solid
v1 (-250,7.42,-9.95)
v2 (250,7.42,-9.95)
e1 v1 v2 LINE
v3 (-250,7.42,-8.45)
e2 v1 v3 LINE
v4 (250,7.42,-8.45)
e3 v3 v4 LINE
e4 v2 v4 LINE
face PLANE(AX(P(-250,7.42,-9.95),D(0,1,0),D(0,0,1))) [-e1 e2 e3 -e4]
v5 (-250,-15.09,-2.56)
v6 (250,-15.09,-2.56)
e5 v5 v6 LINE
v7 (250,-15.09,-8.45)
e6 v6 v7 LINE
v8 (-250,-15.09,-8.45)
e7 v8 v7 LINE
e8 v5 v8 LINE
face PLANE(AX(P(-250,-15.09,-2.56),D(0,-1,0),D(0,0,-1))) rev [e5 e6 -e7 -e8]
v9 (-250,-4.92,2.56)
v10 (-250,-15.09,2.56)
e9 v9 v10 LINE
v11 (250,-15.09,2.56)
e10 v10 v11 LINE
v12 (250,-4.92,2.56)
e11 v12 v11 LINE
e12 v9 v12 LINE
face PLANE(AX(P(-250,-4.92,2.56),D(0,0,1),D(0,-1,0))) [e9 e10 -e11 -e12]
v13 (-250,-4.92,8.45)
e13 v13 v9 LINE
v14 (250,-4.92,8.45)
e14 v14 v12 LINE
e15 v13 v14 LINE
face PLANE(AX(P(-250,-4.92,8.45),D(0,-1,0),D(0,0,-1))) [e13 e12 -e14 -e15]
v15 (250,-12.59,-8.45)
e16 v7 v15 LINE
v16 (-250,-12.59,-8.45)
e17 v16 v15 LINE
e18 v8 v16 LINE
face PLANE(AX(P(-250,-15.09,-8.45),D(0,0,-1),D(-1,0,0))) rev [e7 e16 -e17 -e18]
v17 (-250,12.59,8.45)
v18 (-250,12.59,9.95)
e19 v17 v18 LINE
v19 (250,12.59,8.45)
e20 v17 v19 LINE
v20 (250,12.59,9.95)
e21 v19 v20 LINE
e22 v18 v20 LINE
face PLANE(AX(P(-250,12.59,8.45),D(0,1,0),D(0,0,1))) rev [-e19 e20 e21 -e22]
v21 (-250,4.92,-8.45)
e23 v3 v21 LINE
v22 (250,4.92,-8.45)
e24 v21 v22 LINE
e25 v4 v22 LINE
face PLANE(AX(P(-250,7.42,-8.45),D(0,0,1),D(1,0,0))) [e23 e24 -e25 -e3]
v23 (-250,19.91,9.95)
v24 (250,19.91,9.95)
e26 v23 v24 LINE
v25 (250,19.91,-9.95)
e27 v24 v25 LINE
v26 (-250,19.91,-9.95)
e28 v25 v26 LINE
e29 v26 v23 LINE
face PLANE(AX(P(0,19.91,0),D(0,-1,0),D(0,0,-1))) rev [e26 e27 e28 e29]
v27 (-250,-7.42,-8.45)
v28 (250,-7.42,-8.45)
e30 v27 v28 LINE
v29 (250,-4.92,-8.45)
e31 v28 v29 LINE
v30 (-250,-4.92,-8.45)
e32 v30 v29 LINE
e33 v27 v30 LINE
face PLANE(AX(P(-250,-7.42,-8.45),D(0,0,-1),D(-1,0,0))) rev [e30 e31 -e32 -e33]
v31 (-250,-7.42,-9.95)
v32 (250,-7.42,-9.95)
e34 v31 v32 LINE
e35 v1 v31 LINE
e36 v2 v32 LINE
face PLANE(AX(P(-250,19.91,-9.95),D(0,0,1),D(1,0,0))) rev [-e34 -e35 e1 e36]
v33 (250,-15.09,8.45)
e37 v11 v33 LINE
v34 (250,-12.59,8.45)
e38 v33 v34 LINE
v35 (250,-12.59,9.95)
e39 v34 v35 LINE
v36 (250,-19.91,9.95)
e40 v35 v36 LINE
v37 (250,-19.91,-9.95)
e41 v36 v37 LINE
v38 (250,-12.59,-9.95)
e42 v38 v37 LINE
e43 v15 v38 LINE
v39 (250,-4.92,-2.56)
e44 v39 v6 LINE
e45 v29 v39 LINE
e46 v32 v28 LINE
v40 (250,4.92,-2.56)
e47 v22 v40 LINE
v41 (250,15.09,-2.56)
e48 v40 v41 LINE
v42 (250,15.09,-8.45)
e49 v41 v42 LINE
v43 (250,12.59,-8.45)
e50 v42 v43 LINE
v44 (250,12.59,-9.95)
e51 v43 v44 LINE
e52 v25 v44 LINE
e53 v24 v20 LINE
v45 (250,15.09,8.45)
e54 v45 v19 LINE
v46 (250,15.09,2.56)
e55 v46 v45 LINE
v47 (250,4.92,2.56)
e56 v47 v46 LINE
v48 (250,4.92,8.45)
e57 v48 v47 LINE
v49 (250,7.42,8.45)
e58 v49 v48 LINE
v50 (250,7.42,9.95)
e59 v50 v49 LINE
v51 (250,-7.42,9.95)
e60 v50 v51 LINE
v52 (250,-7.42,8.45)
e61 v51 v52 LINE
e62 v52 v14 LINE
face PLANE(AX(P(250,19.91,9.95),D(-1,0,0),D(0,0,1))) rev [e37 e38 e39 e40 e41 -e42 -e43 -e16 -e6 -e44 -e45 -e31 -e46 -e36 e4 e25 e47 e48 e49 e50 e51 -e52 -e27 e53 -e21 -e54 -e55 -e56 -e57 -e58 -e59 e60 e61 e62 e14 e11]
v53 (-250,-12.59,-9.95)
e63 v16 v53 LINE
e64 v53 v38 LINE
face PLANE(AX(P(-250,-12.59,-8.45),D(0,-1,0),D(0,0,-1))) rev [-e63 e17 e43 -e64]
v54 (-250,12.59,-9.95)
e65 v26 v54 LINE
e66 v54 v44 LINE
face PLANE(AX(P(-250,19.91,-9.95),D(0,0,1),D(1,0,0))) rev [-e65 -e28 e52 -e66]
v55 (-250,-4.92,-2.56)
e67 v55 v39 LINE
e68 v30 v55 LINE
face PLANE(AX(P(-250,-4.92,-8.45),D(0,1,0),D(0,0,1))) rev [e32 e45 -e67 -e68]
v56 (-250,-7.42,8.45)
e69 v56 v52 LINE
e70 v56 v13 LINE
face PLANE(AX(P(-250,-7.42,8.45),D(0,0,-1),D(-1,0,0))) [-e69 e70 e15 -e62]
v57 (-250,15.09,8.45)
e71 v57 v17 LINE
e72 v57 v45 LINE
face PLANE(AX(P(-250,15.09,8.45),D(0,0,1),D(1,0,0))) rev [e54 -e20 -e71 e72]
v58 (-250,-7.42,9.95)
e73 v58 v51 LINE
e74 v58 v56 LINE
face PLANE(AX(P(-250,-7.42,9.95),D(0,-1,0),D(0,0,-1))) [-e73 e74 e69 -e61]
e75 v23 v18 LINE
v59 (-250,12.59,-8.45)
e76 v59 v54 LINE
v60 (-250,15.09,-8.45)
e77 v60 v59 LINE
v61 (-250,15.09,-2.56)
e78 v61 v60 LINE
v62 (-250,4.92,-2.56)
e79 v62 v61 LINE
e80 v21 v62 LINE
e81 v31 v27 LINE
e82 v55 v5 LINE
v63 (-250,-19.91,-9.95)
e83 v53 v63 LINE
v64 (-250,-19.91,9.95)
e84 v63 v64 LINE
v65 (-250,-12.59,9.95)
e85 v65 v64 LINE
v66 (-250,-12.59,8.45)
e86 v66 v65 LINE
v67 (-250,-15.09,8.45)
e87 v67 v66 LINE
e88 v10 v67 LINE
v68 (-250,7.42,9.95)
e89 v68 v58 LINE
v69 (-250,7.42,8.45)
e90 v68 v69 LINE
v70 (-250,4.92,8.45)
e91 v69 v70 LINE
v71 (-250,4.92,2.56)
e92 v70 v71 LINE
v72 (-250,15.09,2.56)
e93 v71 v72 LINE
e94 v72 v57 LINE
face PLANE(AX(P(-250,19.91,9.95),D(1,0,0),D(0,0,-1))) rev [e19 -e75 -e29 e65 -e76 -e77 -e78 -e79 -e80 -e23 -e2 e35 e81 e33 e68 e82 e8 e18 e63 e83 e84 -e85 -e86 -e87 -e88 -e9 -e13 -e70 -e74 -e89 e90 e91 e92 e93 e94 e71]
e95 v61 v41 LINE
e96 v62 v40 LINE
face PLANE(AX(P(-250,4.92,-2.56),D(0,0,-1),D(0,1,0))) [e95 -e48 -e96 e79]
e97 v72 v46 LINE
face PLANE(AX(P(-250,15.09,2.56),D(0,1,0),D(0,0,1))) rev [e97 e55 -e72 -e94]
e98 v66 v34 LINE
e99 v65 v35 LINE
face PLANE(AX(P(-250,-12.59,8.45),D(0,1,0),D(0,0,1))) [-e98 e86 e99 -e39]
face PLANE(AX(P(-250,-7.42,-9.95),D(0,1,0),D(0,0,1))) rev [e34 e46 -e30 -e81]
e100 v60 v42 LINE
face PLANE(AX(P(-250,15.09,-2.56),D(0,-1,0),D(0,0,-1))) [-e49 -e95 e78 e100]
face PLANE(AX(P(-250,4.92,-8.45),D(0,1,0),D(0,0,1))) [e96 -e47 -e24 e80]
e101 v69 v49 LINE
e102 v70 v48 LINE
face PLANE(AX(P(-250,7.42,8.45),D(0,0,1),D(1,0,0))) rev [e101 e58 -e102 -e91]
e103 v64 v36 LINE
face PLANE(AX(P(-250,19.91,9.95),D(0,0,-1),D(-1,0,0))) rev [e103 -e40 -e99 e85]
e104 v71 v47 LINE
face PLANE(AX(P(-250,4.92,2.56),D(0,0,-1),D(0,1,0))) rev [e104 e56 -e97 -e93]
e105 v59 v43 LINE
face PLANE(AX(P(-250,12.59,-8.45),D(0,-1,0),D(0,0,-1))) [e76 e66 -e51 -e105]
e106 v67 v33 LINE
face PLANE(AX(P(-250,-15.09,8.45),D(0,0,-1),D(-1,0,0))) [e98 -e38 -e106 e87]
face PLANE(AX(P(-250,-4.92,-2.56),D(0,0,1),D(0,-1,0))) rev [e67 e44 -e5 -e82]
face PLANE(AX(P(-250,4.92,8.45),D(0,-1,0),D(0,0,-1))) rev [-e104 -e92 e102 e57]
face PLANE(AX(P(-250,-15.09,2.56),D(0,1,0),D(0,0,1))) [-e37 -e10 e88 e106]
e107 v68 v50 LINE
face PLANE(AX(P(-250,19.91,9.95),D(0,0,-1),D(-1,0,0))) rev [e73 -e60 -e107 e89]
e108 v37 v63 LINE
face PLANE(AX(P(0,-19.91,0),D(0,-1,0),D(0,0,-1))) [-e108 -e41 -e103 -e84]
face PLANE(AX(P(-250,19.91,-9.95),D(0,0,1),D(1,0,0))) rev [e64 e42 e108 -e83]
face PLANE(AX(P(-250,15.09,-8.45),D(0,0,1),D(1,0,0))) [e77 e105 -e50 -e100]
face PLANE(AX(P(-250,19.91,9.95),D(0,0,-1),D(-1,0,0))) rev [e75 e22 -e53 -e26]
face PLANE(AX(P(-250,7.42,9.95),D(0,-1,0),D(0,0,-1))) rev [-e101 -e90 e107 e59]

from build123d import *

# Parameters (mm, degrees)
SKETCH1_W            = 500
SKETCH1_H            = 19.9
BOSS_EXTRUDE1_DEPTH  = 19.91
CUT_EXTRUDE1_DEPTH   = 501.495165411
MIRROR2_COPY_1_DEPTH = 501.495165411


with BuildPart() as part:
    # Sketch1 → Boss-Extrude1 (new, symmetric)
    with BuildSketch(Plane(origin=(0, 0, 0), x_dir=(1, 0, 0), z_dir=(0, 1, 0))):
        Rectangle(SKETCH1_W, SKETCH1_H)
    extrude(amount=BOSS_EXTRUDE1_DEPTH, both=True)

    # Sketch2 → Cut-Extrude1 (cut, through all)
    with BuildSketch(Plane(origin=(250, 0, 0), x_dir=(0, 0, -1), z_dir=(1, 0, 0))):
        Polygon((-9.95, 7.42), (-8.45, 7.42), (-8.45, 4.92), (-2.56, 4.92), (-2.56, 15.09), (-8.45, 15.09), (-8.45, 12.59), (-9.95, 12.59), align=None)
    cut_extrude1 = extrude(amount=-CUT_EXTRUDE1_DEPTH, mode=Mode.SUBTRACT)

    # Mirror1: Cut-Extrude1 across plane
    add(cut_extrude1.mirror(Plane.XY), mode=Mode.SUBTRACT)

    # Mirror2: Cut-Extrude1 across plane
    add(cut_extrude1.mirror(Plane.ZX), mode=Mode.SUBTRACT)

    # Mirror2 copy 1 sketch → Mirror2 copy 1 (cut, through all)
    with BuildSketch(Plane(origin=(250, 0, 0), x_dir=(0, 0, 1), z_dir=(1, 0, 0))):
        Polygon((-9.95, 7.42), (-8.45, 7.42), (-8.45, 4.92), (-2.56, 4.92), (-2.56, 15.09), (-8.45, 15.09), (-8.45, 12.59), (-9.95, 12.59), align=None)
    extrude(amount=-MIRROR2_COPY_1_DEPTH, mode=Mode.SUBTRACT)


solid = part.part
